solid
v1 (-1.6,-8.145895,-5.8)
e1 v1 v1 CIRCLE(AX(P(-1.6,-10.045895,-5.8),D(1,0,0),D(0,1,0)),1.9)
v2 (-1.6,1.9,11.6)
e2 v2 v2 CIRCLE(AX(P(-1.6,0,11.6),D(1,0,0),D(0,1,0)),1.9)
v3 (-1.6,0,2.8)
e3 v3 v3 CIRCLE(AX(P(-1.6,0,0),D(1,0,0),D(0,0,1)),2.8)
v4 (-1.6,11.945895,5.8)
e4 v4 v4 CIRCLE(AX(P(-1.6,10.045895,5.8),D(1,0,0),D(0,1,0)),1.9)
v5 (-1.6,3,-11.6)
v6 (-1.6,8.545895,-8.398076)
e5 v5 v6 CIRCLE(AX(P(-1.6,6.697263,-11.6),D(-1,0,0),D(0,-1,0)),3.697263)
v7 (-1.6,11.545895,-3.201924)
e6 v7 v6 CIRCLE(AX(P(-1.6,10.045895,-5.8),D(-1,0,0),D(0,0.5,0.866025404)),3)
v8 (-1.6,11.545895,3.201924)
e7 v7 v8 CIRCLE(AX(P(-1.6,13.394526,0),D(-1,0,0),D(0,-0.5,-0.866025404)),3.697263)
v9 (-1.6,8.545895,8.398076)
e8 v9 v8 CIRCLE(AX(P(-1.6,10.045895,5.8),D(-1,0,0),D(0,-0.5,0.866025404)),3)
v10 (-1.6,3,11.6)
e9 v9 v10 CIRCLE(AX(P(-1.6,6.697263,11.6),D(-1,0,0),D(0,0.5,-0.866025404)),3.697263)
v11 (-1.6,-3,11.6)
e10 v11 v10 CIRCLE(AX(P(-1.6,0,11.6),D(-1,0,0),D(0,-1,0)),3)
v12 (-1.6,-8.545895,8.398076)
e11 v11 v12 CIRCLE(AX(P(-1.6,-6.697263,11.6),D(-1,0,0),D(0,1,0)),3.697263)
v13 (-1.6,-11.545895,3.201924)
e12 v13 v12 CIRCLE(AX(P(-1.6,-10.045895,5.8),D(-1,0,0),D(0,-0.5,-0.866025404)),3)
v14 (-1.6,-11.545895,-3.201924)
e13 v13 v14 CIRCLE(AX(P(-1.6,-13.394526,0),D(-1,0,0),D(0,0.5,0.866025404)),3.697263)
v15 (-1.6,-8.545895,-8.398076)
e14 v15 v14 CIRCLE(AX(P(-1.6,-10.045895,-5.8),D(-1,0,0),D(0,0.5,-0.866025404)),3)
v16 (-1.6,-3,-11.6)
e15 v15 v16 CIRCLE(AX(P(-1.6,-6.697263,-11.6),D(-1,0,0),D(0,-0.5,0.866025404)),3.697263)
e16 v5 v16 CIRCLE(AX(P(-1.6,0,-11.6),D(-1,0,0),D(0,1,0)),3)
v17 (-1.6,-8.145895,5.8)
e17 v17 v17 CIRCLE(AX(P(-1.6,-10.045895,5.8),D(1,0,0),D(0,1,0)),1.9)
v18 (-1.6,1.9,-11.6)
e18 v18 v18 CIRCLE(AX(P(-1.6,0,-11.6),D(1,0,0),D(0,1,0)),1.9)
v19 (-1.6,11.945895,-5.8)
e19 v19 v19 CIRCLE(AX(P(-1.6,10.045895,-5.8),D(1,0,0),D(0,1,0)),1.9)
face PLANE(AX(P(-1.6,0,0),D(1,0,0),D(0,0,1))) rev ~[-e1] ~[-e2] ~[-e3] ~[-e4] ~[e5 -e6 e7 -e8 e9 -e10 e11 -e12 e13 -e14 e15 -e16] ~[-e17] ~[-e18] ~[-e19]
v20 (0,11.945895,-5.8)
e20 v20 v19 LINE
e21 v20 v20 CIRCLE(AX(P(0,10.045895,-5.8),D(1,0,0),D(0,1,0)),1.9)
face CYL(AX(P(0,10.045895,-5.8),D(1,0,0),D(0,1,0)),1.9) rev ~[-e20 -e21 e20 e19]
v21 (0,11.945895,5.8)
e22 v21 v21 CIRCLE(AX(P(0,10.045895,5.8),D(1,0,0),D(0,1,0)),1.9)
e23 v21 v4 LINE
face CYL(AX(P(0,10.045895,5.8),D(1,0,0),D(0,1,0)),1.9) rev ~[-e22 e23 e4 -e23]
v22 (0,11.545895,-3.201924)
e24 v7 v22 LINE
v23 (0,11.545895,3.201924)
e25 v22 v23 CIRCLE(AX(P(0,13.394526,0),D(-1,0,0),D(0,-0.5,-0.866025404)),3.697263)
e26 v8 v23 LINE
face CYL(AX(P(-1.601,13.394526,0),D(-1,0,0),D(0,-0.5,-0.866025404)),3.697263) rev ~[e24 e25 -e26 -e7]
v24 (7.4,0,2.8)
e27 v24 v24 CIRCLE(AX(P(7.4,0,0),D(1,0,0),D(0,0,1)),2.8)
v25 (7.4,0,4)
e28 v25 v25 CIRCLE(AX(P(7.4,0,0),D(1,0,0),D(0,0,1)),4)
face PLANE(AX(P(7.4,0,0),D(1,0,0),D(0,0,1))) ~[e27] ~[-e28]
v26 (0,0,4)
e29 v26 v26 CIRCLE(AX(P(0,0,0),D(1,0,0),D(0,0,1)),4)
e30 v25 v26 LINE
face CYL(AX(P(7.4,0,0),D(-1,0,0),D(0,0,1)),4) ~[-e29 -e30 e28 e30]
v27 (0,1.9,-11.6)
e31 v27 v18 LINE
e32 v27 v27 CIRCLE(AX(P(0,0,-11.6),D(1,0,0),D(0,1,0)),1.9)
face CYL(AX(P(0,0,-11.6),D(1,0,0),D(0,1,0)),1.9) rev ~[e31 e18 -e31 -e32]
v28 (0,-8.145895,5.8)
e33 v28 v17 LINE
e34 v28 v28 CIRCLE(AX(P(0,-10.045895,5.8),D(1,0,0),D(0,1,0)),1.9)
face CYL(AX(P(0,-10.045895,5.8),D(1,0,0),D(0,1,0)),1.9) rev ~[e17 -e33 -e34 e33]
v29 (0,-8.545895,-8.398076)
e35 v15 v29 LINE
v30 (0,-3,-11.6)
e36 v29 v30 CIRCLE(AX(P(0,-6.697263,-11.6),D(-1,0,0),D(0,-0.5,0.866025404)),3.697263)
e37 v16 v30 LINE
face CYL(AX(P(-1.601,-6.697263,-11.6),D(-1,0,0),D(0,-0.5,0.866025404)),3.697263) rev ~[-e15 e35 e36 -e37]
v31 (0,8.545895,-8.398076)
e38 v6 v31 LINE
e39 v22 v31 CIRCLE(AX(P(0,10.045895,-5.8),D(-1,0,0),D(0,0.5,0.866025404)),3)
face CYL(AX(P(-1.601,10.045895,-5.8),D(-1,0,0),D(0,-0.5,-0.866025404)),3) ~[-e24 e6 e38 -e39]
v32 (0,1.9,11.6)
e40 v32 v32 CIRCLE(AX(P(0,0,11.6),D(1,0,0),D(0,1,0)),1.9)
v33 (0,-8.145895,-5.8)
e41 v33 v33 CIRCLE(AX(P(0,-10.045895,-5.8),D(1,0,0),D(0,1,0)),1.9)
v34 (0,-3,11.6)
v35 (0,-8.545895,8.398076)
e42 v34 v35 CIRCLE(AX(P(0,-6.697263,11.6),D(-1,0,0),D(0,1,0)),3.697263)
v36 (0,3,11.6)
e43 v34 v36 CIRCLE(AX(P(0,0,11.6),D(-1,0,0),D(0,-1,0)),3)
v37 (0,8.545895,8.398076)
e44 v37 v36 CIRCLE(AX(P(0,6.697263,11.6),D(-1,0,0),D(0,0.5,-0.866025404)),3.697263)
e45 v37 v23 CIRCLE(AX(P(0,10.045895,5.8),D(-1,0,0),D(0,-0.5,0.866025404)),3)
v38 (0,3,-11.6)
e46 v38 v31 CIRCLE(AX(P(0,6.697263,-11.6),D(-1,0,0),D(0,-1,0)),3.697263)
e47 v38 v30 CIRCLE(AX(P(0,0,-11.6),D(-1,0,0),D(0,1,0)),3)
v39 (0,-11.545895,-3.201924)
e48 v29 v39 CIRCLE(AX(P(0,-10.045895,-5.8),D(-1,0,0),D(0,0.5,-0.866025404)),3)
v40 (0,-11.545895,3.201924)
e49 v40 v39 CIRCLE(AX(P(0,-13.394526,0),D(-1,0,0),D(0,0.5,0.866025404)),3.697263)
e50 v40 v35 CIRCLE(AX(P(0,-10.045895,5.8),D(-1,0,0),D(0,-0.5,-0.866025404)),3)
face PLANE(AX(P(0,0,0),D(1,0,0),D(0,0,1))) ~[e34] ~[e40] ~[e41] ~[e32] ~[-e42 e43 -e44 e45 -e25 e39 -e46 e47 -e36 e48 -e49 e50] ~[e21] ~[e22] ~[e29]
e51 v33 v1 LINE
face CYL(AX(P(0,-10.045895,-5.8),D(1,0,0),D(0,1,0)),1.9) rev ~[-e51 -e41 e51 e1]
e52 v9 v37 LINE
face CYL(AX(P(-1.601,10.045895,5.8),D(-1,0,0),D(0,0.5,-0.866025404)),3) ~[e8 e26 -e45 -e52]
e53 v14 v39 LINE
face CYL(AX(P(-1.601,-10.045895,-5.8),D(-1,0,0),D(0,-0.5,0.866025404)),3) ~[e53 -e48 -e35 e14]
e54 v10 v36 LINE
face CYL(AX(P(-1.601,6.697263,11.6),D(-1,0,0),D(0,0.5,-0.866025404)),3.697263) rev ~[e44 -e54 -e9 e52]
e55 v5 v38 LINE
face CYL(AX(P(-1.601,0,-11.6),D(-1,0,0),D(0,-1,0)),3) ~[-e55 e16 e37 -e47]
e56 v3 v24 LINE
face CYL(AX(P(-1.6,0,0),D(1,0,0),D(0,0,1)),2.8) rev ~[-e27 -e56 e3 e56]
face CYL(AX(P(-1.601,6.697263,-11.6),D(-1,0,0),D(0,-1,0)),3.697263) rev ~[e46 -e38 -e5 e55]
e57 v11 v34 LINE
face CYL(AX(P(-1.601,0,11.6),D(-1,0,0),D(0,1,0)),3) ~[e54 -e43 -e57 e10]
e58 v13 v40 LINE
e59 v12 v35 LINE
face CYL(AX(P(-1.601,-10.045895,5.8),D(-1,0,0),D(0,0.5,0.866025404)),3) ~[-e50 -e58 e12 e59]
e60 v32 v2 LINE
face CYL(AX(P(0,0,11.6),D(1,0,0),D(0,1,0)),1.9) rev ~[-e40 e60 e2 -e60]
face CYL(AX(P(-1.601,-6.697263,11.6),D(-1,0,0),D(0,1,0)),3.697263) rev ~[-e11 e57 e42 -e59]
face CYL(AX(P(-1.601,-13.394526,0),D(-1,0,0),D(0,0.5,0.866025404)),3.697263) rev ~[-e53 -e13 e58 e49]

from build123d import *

# Parameters (mm, degrees)
F2_R     = 1.9
F3_DEPTH = 1.6
F5_START = -1.601
F5_DEPTH = 9.002


with BuildPart() as f1:
    # F0 (on Front) → F1 (revolve)
    with BuildSketch(Plane.XZ):
        Polygon((-1.6, 14.6), (-1.6, 2.8), (7.4, 2.8), (7.4, 4), (0, 4), (0, 14.6), align=None)
    revolve(axis=Axis((3.7, 0, 0), (1, 0, 0)))

    # F2 (on Right) → F3 (cut, through all)
    with BuildSketch(Plane.YZ):
        with Locations((0, 11.6)):
            Circle(F2_R)
        with Locations((-10.0458946839, 5.8)):
            Circle(F2_R)
        with Locations((-10.0458946839, -5.8)):
            Circle(F2_R)
        with Locations((0, -11.6)):
            Circle(F2_R)
        with Locations((10.0458946839, -5.8)):
            Circle(F2_R)
        with Locations((10.0458946839, 5.8)):
            Circle(F2_R)
    extrude(amount=-F3_DEPTH, mode=Mode.SUBTRACT)

    # F4 (on Right) → F5 (intersect)
    with BuildSketch(Plane.YZ.offset(F5_START)):
        with BuildLine():
            ThreePointArc((8.5458946839, 8.3980762114), (4.8486315613, 8.3980762114), (3, 11.6))
            ThreePointArc((3, 11.6), (0, 14.6), (-3, 11.6))
            ThreePointArc((-3, 11.6), (-4.8486315613, 8.3980762114), (-8.5458946839, 8.3980762114))
            ThreePointArc((-8.5458946839, 8.3980762114), (-12.6439708953, 7.3), (-11.5458946839, 3.2019237886))
            ThreePointArc((-11.5458946839, 3.2019237886), (-9.6972631226, 0), (-11.5458946839, -3.2019237886))
            ThreePointArc((-11.5458946839, -3.2019237886), (-12.6439708953, -7.3), (-8.5458946839, -8.3980762114))
            ThreePointArc((-8.5458946839, -8.3980762114), (-4.8486315613, -8.3980762114), (-3, -11.6))
            ThreePointArc((-3, -11.6), (0, -14.6), (3, -11.6))
            ThreePointArc((3, -11.6), (4.8486315613, -8.3980762114), (8.5458946839, -8.3980762114))
            ThreePointArc((8.5458946839, -8.3980762114), (12.6439708953, -7.3), (11.5458946839, -3.2019237886))
            ThreePointArc((11.5458946839, -3.2019237886), (9.6972631226, 0), (11.5458946839, 3.2019237886))
            ThreePointArc((11.5458946839, 3.2019237886), (12.6439708953, 7.3), (8.5458946839, 8.3980762114))
        make_face()
    extrude(amount=F5_DEPTH, mode=Mode.INTERSECT)


solid = f1.part
